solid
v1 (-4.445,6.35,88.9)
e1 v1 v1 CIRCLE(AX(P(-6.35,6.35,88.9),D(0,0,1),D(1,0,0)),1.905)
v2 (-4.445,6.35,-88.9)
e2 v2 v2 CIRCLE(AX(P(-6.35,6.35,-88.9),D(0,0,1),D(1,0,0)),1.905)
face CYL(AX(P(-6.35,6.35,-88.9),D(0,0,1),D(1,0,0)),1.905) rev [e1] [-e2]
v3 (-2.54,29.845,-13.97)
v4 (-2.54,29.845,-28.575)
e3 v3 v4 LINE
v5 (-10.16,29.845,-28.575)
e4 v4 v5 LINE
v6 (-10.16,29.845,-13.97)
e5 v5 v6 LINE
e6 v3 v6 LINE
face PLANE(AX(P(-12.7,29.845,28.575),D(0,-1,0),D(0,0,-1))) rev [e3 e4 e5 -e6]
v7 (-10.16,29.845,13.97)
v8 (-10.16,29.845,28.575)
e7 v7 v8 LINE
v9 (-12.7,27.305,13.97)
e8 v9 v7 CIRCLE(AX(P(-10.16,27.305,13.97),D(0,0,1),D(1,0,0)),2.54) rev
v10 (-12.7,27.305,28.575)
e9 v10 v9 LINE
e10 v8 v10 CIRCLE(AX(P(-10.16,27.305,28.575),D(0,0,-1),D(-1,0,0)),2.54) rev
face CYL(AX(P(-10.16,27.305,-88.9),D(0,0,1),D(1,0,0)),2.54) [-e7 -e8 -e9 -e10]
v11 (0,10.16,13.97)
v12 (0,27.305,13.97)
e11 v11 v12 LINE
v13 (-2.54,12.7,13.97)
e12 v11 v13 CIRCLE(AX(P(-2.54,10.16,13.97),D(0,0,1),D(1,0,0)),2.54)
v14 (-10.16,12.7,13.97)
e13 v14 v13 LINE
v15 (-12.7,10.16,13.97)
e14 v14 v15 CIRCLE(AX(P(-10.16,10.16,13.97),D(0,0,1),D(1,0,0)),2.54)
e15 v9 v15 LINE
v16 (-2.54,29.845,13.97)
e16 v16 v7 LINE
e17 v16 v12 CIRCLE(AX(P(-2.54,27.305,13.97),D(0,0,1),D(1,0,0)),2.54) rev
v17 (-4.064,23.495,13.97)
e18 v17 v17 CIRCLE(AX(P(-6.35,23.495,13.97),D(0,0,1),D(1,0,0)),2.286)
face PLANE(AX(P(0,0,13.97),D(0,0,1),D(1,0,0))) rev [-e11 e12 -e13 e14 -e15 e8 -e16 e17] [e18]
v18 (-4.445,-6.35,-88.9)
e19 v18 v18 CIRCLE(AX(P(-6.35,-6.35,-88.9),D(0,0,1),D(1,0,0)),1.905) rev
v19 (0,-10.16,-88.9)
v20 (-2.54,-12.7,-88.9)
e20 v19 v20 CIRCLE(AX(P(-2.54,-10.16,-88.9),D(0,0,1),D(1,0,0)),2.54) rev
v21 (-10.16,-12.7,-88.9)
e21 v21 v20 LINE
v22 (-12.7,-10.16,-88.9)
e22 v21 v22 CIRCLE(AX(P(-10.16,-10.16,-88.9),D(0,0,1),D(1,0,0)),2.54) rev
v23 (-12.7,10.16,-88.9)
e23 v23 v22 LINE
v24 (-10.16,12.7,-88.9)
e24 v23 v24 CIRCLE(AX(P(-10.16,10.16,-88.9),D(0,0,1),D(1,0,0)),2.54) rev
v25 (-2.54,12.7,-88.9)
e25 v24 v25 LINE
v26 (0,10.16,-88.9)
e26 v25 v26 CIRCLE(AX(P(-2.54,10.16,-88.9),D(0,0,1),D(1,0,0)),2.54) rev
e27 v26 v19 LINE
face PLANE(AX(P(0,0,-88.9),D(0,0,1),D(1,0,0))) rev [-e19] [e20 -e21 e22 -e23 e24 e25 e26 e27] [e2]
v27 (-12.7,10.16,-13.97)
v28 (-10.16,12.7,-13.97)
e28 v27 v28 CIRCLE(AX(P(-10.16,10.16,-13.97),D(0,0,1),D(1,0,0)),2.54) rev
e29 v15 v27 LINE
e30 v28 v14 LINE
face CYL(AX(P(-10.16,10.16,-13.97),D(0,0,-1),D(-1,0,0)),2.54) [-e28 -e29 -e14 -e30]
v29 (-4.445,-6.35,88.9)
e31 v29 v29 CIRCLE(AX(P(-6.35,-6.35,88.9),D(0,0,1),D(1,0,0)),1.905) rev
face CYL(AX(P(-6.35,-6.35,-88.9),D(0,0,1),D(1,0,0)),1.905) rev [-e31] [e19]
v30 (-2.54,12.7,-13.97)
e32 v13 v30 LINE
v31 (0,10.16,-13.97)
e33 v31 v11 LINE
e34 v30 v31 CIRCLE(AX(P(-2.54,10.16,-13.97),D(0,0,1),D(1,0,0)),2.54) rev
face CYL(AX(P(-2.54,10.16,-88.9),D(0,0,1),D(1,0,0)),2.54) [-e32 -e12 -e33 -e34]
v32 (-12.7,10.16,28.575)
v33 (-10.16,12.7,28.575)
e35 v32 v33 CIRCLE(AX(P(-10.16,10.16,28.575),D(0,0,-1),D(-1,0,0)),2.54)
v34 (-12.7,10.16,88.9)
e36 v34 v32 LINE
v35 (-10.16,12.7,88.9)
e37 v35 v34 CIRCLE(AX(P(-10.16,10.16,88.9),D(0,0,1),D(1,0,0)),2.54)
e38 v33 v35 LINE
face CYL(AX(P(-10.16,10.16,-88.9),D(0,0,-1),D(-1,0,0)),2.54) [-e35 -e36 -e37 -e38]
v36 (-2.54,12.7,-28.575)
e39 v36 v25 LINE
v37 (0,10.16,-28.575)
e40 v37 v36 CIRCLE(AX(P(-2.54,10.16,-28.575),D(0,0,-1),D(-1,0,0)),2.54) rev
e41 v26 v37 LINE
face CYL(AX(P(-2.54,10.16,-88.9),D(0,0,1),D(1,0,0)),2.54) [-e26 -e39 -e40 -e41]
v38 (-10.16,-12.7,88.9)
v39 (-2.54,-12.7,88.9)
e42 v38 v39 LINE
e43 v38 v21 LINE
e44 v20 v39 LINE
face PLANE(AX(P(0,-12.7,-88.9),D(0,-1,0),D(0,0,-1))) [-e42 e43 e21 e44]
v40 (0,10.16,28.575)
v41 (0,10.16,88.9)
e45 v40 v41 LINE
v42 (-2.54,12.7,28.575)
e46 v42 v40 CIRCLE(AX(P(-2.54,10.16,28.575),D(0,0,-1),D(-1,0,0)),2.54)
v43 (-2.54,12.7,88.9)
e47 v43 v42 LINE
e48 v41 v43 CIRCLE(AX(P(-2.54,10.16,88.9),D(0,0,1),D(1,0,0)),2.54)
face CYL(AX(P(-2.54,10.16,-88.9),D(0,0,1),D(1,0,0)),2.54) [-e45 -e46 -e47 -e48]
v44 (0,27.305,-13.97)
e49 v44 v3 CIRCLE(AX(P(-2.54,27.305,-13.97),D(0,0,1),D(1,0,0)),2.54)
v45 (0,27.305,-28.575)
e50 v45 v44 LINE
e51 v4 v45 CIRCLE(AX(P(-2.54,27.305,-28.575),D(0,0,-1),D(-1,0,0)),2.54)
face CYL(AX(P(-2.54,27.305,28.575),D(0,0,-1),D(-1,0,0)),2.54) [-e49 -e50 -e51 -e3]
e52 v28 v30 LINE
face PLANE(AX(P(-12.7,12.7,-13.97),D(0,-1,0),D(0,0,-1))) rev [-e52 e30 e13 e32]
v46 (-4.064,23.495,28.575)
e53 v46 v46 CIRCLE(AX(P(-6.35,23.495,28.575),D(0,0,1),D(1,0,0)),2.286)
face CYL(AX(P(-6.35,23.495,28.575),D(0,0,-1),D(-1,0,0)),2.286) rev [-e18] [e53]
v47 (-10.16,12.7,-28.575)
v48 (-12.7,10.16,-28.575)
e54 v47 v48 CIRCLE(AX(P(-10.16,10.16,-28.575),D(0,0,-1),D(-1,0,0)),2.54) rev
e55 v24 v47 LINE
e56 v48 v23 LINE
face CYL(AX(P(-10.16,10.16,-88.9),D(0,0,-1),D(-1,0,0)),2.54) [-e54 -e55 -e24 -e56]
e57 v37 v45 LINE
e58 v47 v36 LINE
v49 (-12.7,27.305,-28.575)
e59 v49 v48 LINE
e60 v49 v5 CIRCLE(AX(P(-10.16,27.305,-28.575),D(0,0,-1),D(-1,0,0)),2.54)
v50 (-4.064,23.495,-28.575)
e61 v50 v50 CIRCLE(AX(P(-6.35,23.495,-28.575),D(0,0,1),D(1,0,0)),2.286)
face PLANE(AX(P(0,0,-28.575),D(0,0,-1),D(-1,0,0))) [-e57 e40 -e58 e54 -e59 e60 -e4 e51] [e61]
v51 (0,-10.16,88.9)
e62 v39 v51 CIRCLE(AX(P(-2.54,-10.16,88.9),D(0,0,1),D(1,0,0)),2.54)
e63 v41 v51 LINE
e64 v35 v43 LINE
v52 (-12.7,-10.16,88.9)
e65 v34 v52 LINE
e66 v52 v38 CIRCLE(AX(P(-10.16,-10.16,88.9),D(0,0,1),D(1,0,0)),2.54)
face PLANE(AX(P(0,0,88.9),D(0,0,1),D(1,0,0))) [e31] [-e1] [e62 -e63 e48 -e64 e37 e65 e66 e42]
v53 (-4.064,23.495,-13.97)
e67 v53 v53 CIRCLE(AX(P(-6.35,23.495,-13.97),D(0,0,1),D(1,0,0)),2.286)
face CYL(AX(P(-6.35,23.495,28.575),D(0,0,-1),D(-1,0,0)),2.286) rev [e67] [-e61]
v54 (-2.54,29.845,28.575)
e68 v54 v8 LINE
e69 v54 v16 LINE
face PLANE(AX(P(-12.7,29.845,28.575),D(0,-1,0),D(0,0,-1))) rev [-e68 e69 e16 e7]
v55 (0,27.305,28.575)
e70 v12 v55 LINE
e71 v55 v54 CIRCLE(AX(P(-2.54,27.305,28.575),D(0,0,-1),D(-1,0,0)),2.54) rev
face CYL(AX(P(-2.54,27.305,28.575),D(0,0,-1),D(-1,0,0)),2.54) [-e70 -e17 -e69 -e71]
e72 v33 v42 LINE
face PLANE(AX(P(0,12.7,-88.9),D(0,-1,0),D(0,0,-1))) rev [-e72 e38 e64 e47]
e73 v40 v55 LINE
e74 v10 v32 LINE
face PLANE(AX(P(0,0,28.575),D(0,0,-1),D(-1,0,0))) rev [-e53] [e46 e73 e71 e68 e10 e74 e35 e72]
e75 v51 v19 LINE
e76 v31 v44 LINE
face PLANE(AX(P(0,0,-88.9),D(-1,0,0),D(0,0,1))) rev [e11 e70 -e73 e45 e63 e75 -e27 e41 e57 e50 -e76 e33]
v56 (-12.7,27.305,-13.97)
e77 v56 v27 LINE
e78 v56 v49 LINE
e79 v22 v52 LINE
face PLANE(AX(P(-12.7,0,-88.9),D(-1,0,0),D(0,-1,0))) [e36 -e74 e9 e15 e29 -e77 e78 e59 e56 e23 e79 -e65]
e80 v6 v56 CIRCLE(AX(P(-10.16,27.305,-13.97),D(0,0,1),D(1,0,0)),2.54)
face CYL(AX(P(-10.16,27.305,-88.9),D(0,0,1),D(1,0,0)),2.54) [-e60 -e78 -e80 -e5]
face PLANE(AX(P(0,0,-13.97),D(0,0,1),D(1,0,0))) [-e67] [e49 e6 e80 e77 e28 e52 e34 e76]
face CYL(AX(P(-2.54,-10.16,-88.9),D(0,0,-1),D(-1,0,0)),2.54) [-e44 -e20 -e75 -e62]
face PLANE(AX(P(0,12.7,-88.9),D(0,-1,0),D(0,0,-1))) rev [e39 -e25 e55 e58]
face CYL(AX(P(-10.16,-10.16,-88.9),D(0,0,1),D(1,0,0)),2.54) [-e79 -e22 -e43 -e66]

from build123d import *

# Parameters (mm, degrees)
SKETCH1_W           = 12.7
SKETCH1_H           = 12.7
SKETCH1_R           = 1.905
BOSS_EXTRUDE1_DEPTH = 88.9
SKETCH3_W           = 12.7
SKETCH3_H           = 17.145
SKETCH3_R           = 2.286
BOSS_EXTRUDE2_DEPTH = 28.575
SKETCH4_W           = 12.7
SKETCH4_H           = 17.145
CUT_EXTRUDE1_DEPTH  = 13.97
FILLET1_R           = 2.54


with BuildPart() as part:
    # Sketch1 → Boss-Extrude1 (new, symmetric)
    # profile 1 of 2: a face of its own
    with BuildSketch(Plane.XY):
        with Locations((-6.35, -6.35)):
            Rectangle(SKETCH1_W, SKETCH1_H)
        with Locations((-6.35, -6.35)):
            Circle(SKETCH1_R, mode=Mode.SUBTRACT)
    # profile 2 of 2: a face of its own
    with BuildSketch(Plane.XY):
        with Locations((-6.35, 6.35)):
            Rectangle(SKETCH1_W, SKETCH1_H)
        with Locations((-6.35, 6.35)):
            Circle(SKETCH1_R, mode=Mode.SUBTRACT)
    extrude(amount=BOSS_EXTRUDE1_DEPTH, both=True)

    # Sketch3 → Boss-Extrude2 (add, symmetric)
    with BuildSketch(Plane.XY):
        with Locations((-6.35, 21.2725)):
            Rectangle(SKETCH3_W, SKETCH3_H)
        with Locations((-6.35, 23.495)):
            Circle(SKETCH3_R, mode=Mode.SUBTRACT)
    extrude(amount=BOSS_EXTRUDE2_DEPTH, both=True)

    # Sketch4 → Cut-Extrude1 (cut, symmetric)
    with BuildSketch(Plane.XY):
        with Locations((-6.35, 21.2725)):
            Rectangle(SKETCH4_W, SKETCH4_H)
    extrude(amount=CUT_EXTRUDE1_DEPTH, both=True, mode=Mode.SUBTRACT)

    # Fillet1
    fillet1_edges = [part.edges().sort_by_distance(p)[0] for p in [
        (0, -12.7, 0),
        (-12.7, -12.7, 0),
        (-12.7, 12.7, -58.7375),
        (0, 12.7, -58.7375),
        (0, 12.7, 58.7375),
        (-12.7, 12.7, 58.7375),
        (0, 29.845, 21.2725),
        (-12.7, 29.845, 21.2725),
        (-12.7, 29.845, -21.2725),
        (0, 29.845, -21.2725),
        (-12.7, 12.7, 0),
        (0, 12.7, 0),
    ]]
    fillet(fillet1_edges, radius=FILLET1_R)


solid = part.part
